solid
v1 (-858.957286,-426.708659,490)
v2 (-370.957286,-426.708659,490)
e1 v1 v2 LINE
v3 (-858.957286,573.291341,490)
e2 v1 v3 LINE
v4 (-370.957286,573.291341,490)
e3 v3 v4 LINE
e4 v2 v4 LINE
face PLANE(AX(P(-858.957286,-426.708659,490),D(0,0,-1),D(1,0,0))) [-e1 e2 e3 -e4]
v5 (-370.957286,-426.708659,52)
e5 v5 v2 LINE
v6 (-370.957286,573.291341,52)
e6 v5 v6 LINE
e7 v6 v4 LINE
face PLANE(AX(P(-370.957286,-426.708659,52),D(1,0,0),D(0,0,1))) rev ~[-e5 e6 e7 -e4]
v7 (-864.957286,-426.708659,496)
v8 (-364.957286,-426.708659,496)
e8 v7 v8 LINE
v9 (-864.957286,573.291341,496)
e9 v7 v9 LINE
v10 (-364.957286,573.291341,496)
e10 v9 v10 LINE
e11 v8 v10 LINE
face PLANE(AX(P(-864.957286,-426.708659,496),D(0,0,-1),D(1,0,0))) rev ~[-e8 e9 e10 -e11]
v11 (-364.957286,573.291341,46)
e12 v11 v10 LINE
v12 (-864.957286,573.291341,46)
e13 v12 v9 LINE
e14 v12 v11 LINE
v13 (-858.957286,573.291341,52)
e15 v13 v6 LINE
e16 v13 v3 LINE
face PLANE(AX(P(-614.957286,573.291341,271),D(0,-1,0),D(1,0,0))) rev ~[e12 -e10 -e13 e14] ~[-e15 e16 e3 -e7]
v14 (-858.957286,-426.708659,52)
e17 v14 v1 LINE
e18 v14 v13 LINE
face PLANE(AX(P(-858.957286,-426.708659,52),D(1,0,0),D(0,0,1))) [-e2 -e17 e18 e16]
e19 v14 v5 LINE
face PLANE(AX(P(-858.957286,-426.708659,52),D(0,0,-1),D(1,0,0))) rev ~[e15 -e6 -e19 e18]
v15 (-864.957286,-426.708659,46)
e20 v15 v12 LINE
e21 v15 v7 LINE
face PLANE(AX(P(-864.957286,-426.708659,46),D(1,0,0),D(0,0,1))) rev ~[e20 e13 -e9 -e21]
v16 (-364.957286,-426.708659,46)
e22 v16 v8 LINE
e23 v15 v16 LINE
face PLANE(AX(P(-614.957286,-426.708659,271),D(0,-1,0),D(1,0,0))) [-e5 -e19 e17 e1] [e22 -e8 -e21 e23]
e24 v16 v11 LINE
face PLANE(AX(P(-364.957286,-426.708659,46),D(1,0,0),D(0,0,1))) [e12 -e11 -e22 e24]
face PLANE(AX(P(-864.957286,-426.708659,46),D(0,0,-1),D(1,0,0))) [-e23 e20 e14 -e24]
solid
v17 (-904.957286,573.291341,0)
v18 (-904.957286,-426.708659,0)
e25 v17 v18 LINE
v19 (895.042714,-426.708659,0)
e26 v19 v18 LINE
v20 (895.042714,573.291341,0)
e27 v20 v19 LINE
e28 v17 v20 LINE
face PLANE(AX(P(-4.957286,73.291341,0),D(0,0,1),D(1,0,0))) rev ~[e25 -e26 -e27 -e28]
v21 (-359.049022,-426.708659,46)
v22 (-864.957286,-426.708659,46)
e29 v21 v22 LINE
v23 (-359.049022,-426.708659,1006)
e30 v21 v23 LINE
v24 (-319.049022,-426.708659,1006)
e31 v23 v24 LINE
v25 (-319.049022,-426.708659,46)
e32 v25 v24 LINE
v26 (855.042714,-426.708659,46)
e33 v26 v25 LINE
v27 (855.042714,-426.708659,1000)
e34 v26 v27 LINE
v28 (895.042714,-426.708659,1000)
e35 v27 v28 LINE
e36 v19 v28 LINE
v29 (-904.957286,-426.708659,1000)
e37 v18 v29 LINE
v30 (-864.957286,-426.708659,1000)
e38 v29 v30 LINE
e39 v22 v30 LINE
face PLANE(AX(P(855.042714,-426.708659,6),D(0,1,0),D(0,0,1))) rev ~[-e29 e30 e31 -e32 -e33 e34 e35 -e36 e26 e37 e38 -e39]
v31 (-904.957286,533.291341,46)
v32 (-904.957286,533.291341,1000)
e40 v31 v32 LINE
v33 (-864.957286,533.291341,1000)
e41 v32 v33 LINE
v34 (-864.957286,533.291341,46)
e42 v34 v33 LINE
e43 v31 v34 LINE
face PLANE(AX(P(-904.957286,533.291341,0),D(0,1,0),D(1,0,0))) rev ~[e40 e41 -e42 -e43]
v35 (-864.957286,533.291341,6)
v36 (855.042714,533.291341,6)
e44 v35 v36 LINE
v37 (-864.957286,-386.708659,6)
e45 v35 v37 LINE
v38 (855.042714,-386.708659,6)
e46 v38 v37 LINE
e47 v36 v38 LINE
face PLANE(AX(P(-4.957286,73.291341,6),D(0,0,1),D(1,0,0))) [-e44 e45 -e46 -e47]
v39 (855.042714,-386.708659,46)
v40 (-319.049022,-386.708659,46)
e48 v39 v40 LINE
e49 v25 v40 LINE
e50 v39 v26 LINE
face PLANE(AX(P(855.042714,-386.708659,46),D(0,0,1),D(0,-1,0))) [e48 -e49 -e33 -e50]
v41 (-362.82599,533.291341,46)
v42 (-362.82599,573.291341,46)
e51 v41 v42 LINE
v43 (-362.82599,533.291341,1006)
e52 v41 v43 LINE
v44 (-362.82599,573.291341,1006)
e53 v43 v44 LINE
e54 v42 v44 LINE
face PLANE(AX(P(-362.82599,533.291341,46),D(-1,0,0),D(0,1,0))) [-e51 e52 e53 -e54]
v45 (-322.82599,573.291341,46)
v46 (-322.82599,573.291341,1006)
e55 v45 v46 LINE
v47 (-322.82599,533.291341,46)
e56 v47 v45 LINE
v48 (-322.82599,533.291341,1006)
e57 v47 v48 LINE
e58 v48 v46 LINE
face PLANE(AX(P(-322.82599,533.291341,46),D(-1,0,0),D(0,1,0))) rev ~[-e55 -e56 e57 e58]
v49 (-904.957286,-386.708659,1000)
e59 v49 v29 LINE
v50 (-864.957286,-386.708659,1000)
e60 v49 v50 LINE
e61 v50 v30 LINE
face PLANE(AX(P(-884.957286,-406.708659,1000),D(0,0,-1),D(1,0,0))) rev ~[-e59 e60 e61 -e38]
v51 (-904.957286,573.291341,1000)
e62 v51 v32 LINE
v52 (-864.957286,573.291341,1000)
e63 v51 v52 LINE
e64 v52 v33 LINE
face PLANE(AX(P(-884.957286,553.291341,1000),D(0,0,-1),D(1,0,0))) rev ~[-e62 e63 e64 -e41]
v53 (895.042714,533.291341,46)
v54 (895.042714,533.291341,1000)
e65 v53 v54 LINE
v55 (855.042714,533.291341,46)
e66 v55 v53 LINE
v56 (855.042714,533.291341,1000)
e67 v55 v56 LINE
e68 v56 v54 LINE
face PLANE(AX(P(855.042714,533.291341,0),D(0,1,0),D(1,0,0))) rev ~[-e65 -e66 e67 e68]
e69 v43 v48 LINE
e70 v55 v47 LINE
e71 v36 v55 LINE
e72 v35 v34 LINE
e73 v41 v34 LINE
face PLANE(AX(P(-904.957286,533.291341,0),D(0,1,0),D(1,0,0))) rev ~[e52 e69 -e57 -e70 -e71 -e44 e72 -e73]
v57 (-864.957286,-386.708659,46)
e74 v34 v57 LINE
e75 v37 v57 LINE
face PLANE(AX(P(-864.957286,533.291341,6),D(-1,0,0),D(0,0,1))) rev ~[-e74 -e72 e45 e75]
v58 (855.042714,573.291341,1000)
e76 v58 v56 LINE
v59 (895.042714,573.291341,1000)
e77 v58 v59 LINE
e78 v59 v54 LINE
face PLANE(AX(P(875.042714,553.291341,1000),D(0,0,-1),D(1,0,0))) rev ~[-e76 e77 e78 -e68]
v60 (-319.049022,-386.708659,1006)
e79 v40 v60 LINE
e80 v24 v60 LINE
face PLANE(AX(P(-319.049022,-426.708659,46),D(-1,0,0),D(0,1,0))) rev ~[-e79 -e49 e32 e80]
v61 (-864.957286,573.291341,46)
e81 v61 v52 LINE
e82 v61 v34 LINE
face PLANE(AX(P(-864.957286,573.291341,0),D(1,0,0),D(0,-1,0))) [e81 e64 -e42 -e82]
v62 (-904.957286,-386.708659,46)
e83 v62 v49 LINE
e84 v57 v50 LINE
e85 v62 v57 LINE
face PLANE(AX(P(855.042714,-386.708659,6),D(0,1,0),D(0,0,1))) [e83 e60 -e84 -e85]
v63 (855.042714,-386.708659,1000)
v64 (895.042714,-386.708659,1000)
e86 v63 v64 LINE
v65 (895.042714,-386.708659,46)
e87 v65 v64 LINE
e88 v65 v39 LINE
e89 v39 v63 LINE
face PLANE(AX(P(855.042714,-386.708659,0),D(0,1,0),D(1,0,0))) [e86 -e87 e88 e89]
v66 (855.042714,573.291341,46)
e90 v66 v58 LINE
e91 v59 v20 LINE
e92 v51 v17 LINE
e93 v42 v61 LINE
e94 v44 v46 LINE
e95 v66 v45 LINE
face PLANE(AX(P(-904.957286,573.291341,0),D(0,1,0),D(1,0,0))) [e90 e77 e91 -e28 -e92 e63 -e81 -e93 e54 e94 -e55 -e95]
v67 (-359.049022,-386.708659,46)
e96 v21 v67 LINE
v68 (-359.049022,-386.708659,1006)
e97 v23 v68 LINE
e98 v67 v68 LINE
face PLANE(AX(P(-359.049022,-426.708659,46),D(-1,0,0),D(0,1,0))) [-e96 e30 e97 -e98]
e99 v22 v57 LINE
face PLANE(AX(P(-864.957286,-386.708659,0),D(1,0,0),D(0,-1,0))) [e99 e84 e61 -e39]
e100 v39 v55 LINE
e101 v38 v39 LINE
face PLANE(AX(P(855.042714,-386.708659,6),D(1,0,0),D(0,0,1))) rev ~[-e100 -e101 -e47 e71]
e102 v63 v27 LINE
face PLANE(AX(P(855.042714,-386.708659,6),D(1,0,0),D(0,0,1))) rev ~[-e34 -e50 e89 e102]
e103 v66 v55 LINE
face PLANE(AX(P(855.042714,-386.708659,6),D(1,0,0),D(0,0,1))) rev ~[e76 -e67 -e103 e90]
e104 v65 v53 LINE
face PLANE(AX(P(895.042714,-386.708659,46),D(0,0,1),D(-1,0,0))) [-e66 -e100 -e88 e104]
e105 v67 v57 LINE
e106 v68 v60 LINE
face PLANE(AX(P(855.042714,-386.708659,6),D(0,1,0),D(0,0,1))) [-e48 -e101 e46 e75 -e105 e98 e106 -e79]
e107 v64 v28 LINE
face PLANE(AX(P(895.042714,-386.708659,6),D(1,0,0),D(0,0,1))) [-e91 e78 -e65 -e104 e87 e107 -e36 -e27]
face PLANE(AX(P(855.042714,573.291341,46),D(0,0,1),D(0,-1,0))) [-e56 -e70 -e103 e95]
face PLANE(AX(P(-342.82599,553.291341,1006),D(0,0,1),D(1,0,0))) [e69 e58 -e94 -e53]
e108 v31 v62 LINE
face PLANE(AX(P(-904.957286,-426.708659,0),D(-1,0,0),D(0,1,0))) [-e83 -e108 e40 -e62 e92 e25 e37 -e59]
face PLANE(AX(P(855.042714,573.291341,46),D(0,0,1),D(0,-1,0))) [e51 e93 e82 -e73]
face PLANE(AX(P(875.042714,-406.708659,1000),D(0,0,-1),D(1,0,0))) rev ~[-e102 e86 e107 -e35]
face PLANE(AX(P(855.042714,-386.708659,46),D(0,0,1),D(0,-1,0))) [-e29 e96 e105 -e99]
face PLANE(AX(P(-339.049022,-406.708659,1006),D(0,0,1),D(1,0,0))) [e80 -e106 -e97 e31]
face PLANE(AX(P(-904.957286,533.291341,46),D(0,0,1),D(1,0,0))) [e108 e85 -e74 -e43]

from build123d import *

# Parameters (mm, degrees)
F0_W      = 1800
F0_H      = 1000
F1_DEPTH  = 6
F2_W      = 40
F2_H      = 40
F3_DEPTH  = 1000
F4_W      = 40
F4_H      = 40
F5_DEPTH  = 935
F6_W      = 40
F6_H      = 40
F7_DEPTH  = 1742
F8_W      = 40
F8_H      = 40
F9_DEPTH  = 1734
F10_W     = 40
F10_H     = 40
F11_DEPTH = 941
F12_W     = 500
F12_H     = 450
F13_DEPTH = 1000
F14_W     = 488
F14_H     = 438
F15_DEPTH = 1308
F16_W     = 40
F16_H     = 40
F17_W     = 40
F17_H     = 40
F18_DEPTH = 960


with BuildPart() as f1:
    # F0 (on Top) → F1 (new body)
    with BuildSketch(Plane.XY):
        with Locations((-4.9572857097, 73.291340642)):
            Rectangle(F0_W, F0_H)
    extrude(amount=F1_DEPTH)

    # F2 (on face) → F3 (join)
    with BuildSketch(Plane(origin=(0, 0, 0), x_dir=(1, 0, 0), z_dir=(0, 0, -1))):
        with Locations((-884.9572857097, 406.708659358)):
            Rectangle(F2_W, F2_H)
        with Locations((875.0427142903, 406.708659358)):
            Rectangle(F2_W, F2_H)
        with Locations((875.0427142903, -553.291340642)):
            Rectangle(F2_W, F2_H)
        with Locations((-884.9572857097, -553.291340642)):
            Rectangle(F2_W, F2_H)
    extrude(amount=-F3_DEPTH)

    # F4 (on face) → F5 (join)
    with BuildSketch(Plane(origin=(0, -386.708659358, 0), x_dir=(-1, 0, 0), z_dir=(0, 1, 0))):
        with Locations((-875.0427142903, 26)):
            Rectangle(F4_W, F4_H)
    extrude(amount=F5_DEPTH)

    # F6 (on face) → F7 (join)
    with BuildSketch(Plane(origin=(855.0427142903, 0, 0), x_dir=(0, -1, 0), z_dir=(-1, 0, 0))):
        with Locations((-553.291340642, 26)):
            Rectangle(F6_W, F6_H)
    extrude(amount=F7_DEPTH)

    # F8 (on face) → F9 (join)
    with BuildSketch(Plane(origin=(855.0427142903, 0, 0), x_dir=(0, -1, 0), z_dir=(-1, 0, 0))):
        with Locations((406.708659358, 26)):
            Rectangle(F8_W, F8_H)
    extrude(amount=F9_DEPTH)

    # F10 (on face) → F11 (join)
    with BuildSketch(Plane.XZ.offset(-533.291340642)):
        with Locations((-884.9572857097, 26)):
            Rectangle(F10_W, F10_H)
    extrude(amount=F11_DEPTH)

    # F16 (on face) + F17 (on face) → F18 (join)
    with BuildSketch(Plane.XY.offset(46)):
        with Locations((-339.0490221977, -406.708659358)):
            Rectangle(F16_W, F16_H)
    with BuildSketch(Plane.XY.offset(46)):
        with Locations((-342.8259897232, 553.291340642)):
            Rectangle(F17_W, F17_H)
    extrude(amount=F18_DEPTH)


with BuildPart() as f13:
    # F12 (on face) → F13 (new body)
    with BuildSketch(Plane.XZ.offset(426.708659358)):
        with Locations((-614.9572857097, 271)):
            Rectangle(F12_W, F12_H)
    extrude(amount=-F13_DEPTH)

    # F14 (on face) → F15 (cut)
    with BuildSketch(Plane.XZ.offset(426.708659358)):
        with Locations((-614.9572857097, 271)):
            Rectangle(F14_W, F14_H)
    extrude(amount=-F15_DEPTH, mode=Mode.SUBTRACT)


solid = Compound([f1.part, f13.part])
